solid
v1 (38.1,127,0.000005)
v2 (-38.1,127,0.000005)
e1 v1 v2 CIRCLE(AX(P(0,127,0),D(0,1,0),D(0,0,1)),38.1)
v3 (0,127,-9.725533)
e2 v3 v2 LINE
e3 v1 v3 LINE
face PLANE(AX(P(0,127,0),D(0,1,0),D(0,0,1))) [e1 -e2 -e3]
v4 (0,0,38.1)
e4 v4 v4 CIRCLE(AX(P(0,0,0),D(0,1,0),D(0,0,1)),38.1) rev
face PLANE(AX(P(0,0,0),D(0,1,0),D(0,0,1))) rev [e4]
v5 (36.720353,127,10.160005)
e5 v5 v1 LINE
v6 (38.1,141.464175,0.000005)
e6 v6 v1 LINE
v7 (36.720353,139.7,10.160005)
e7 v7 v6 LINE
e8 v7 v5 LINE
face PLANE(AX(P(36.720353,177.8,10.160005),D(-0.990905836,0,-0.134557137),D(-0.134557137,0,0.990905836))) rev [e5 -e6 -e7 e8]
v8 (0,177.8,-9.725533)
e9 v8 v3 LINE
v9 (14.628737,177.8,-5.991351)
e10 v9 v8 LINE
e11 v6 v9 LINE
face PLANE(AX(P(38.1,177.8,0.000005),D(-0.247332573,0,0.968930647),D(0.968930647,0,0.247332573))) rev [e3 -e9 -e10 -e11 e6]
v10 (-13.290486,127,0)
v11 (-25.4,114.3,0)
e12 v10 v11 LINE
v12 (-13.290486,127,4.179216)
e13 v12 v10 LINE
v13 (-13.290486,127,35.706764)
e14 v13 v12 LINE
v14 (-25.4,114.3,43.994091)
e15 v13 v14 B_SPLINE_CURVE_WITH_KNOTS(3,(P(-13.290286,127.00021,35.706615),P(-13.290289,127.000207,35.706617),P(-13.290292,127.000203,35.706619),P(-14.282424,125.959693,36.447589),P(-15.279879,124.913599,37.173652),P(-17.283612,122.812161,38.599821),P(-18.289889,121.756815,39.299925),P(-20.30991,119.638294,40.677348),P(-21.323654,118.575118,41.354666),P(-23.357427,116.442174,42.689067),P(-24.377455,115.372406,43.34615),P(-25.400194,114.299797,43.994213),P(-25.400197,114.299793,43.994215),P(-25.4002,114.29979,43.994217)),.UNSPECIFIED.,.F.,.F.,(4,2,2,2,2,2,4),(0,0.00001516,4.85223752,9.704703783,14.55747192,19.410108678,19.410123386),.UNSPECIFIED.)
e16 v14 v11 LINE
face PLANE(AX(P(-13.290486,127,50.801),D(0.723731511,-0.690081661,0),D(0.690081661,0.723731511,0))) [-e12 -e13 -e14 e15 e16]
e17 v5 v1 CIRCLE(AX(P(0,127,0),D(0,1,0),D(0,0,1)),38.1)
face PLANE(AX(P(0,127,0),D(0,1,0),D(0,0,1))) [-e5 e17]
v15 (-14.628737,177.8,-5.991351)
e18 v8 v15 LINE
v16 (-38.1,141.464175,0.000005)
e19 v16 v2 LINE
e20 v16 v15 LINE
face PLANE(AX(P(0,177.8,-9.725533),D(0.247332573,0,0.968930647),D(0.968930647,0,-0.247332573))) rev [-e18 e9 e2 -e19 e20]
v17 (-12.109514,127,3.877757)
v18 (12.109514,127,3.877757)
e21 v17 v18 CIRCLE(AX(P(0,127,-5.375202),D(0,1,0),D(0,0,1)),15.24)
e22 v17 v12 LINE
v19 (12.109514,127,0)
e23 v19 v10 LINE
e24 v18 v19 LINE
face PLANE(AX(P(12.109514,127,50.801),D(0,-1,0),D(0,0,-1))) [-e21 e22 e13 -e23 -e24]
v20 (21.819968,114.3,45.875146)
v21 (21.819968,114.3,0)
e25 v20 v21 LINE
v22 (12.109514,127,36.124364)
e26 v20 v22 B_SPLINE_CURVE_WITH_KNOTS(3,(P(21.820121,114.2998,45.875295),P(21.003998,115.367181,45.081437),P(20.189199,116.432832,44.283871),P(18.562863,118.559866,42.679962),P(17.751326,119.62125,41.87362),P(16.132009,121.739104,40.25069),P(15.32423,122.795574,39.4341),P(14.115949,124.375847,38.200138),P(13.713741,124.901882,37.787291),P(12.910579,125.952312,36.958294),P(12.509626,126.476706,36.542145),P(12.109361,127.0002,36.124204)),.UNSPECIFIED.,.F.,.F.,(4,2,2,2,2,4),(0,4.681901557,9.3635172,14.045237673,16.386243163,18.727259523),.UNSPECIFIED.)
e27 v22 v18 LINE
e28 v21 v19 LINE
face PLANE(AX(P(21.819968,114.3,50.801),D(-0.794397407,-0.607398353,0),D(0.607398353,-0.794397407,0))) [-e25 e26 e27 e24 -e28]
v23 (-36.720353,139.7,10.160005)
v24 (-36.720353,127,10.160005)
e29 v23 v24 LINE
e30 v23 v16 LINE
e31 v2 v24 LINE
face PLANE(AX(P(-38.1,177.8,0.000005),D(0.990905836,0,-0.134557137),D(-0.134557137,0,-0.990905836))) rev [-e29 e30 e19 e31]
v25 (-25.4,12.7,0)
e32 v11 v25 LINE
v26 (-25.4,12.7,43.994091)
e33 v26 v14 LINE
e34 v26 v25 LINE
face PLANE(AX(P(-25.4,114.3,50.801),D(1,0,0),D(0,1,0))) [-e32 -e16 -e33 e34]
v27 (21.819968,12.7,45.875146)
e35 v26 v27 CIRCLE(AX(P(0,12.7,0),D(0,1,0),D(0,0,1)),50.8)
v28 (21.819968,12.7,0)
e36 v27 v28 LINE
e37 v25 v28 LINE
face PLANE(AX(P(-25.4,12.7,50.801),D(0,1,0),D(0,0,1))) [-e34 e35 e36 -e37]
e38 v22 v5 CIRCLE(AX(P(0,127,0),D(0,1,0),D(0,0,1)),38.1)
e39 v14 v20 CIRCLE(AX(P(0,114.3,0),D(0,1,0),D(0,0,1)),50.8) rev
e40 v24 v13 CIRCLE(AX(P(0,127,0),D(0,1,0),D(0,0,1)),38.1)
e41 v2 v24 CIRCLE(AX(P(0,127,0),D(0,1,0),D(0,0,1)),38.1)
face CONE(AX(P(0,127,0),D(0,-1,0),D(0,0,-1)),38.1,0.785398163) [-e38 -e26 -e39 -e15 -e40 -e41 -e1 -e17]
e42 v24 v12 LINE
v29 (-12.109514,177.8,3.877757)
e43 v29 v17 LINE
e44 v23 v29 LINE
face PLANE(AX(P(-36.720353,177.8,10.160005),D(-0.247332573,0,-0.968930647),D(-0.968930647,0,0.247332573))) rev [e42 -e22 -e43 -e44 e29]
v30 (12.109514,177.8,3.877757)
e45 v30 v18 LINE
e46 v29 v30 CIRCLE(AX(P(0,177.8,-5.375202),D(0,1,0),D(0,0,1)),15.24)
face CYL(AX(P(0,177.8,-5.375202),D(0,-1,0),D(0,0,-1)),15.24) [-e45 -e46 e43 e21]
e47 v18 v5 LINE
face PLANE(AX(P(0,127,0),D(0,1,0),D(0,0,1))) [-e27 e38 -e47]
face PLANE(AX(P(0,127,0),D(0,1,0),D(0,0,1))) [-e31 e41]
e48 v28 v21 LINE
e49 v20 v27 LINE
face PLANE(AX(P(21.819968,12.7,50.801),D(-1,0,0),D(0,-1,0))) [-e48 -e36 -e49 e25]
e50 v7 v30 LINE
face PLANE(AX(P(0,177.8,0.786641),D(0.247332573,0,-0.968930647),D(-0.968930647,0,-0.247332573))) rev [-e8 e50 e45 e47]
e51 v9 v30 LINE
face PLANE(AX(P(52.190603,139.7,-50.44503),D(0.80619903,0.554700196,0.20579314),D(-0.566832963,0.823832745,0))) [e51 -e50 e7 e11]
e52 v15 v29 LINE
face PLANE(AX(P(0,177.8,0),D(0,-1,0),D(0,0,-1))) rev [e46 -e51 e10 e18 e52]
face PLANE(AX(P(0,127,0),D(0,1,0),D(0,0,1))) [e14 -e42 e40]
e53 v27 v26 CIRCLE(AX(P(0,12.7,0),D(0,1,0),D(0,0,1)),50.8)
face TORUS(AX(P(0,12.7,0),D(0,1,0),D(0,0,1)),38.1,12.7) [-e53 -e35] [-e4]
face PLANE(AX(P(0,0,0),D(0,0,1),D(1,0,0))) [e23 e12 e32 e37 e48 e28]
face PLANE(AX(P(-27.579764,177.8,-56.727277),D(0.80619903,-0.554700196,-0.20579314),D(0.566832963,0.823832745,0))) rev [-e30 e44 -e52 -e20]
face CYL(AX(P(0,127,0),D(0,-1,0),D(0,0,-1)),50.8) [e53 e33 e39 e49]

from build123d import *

# Parameters (mm, degrees)
SKETCH1_R           = 50.8
BOSS_EXTRUDE1_DEPTH = 127
FILLET2_R           = 12.7
CHAMFER1_SIZE       = 12.7
BOSS_EXTRUDE2_DEPTH = 50.8
CUT_EXTRUDE2_DEPTH  = 193.012728369
CUT_EXTRUDE3_DEPTH  = 193.012728396
BOSS_EXTRUDE3_DEPTH = 50.8
CUT_EXTRUDE4_REACH  = 193.766


with BuildPart() as part:
    # Sketch1 → Boss-Extrude1 (new body)
    with BuildSketch(Plane(origin=(0, 0, 0), x_dir=(1, 0, 0), z_dir=(0, 1, 0))):
        with Locations(Location((0, 0, 0), (0, 0, 270))):
            Circle(SKETCH1_R)
    extrude(amount=BOSS_EXTRUDE1_DEPTH)

    # Fillet2
    fillet2_edges = [part.edges().sort_by_distance(p)[0] for p in [
        (0, 0, -50.8),
    ]]
    fillet(fillet2_edges, radius=FILLET2_R)

    # Chamfer1
    chamfer1_edges = [part.edges().sort_by_distance(p)[0] for p in [
        (0, 127, -50.8),
    ]]
    chamfer(chamfer1_edges, length=CHAMFER1_SIZE)

    # Sketch2 → Boss-Extrude2 (add)
    with BuildSketch(Plane(origin=(0, 127, 0), x_dir=(1, 0, 0), z_dir=(0, 1, 0))):
        Polygon((0, 9.725532547), (-38.1, -4.635e-06), (-36.720352746, -10.160004635), (0, -0.786640962), (36.720352746, -10.160004635), (38.1, -4.635e-06), align=None)
    extrude(amount=BOSS_EXTRUDE2_DEPTH)

    # Sketch3 → Cut-Extrude2 (cut, through all)
    with BuildSketch(Plane(origin=(0.18851702, 0, 0.738519458), x_dir=(0.9689306468108195, 0, -0.24733257300801867), z_dir=(0.2473325730080187, 0, 0.9689306468108196))):
        Polygon((-38.092375226, 139.7), (-38.092375226, 177.8), (-12.692375226, 177.8), align=None)
    extrude(amount=-CUT_EXTRUDE2_DEPTH, mode=Mode.SUBTRACT)

    # Sketch4 → Cut-Extrude3 (cut, through all)
    with BuildSketch(Plane(origin=(-0.18851702, 0, 0.738519458), x_dir=(0.9689306468108199, 0, 0.24733257300801748), z_dir=(-0.24733257300801748, 0, 0.9689306468108199))):
        Polygon((12.692375226, 177.8), (38.092375226, 177.8), (38.092375226, 139.7), align=None)
    extrude(amount=-CUT_EXTRUDE3_DEPTH, mode=Mode.SUBTRACT)

    # Sketch5 → Boss-Extrude3 (add)
    with BuildSketch(Plane(origin=(0, 127, 0), x_dir=(1, 0, 0), z_dir=(0, 1, 0))):
        with BuildLine():
            Line((-12.109514317, -3.87775728), (0, -0.786640962))
            Line((0, -0.786640962), (12.109514317, -3.87775728))
            ThreePointArc((12.109514317, -3.87775728), (0, -9.864797592), (-12.109514317, -3.87775728))
        make_face()
    extrude(amount=BOSS_EXTRUDE3_DEPTH)

    # Sketch6 → Cut-Extrude4 (cut, up to next)
    with BuildSketch(Plane.XY, mode=Mode.PRIVATE) as cut_extrude4_sk1:
        Polygon((-13.290485683, 127), (-25.4, 114.3), (-25.4, 12.7), (21.819967816, 12.7), (21.819967816, 114.3), (12.109514317, 127), align=None)
    cut_extrude4_tool1 = extrude(cut_extrude4_sk1.sketch, amount=CUT_EXTRUDE4_REACH, mode=Mode.PRIVATE) & part.part
    add(cut_extrude4_tool1.solids().sort_by_distance((-1.74269, 68.455742, 0))[0], mode=Mode.SUBTRACT)


solid = part.part
